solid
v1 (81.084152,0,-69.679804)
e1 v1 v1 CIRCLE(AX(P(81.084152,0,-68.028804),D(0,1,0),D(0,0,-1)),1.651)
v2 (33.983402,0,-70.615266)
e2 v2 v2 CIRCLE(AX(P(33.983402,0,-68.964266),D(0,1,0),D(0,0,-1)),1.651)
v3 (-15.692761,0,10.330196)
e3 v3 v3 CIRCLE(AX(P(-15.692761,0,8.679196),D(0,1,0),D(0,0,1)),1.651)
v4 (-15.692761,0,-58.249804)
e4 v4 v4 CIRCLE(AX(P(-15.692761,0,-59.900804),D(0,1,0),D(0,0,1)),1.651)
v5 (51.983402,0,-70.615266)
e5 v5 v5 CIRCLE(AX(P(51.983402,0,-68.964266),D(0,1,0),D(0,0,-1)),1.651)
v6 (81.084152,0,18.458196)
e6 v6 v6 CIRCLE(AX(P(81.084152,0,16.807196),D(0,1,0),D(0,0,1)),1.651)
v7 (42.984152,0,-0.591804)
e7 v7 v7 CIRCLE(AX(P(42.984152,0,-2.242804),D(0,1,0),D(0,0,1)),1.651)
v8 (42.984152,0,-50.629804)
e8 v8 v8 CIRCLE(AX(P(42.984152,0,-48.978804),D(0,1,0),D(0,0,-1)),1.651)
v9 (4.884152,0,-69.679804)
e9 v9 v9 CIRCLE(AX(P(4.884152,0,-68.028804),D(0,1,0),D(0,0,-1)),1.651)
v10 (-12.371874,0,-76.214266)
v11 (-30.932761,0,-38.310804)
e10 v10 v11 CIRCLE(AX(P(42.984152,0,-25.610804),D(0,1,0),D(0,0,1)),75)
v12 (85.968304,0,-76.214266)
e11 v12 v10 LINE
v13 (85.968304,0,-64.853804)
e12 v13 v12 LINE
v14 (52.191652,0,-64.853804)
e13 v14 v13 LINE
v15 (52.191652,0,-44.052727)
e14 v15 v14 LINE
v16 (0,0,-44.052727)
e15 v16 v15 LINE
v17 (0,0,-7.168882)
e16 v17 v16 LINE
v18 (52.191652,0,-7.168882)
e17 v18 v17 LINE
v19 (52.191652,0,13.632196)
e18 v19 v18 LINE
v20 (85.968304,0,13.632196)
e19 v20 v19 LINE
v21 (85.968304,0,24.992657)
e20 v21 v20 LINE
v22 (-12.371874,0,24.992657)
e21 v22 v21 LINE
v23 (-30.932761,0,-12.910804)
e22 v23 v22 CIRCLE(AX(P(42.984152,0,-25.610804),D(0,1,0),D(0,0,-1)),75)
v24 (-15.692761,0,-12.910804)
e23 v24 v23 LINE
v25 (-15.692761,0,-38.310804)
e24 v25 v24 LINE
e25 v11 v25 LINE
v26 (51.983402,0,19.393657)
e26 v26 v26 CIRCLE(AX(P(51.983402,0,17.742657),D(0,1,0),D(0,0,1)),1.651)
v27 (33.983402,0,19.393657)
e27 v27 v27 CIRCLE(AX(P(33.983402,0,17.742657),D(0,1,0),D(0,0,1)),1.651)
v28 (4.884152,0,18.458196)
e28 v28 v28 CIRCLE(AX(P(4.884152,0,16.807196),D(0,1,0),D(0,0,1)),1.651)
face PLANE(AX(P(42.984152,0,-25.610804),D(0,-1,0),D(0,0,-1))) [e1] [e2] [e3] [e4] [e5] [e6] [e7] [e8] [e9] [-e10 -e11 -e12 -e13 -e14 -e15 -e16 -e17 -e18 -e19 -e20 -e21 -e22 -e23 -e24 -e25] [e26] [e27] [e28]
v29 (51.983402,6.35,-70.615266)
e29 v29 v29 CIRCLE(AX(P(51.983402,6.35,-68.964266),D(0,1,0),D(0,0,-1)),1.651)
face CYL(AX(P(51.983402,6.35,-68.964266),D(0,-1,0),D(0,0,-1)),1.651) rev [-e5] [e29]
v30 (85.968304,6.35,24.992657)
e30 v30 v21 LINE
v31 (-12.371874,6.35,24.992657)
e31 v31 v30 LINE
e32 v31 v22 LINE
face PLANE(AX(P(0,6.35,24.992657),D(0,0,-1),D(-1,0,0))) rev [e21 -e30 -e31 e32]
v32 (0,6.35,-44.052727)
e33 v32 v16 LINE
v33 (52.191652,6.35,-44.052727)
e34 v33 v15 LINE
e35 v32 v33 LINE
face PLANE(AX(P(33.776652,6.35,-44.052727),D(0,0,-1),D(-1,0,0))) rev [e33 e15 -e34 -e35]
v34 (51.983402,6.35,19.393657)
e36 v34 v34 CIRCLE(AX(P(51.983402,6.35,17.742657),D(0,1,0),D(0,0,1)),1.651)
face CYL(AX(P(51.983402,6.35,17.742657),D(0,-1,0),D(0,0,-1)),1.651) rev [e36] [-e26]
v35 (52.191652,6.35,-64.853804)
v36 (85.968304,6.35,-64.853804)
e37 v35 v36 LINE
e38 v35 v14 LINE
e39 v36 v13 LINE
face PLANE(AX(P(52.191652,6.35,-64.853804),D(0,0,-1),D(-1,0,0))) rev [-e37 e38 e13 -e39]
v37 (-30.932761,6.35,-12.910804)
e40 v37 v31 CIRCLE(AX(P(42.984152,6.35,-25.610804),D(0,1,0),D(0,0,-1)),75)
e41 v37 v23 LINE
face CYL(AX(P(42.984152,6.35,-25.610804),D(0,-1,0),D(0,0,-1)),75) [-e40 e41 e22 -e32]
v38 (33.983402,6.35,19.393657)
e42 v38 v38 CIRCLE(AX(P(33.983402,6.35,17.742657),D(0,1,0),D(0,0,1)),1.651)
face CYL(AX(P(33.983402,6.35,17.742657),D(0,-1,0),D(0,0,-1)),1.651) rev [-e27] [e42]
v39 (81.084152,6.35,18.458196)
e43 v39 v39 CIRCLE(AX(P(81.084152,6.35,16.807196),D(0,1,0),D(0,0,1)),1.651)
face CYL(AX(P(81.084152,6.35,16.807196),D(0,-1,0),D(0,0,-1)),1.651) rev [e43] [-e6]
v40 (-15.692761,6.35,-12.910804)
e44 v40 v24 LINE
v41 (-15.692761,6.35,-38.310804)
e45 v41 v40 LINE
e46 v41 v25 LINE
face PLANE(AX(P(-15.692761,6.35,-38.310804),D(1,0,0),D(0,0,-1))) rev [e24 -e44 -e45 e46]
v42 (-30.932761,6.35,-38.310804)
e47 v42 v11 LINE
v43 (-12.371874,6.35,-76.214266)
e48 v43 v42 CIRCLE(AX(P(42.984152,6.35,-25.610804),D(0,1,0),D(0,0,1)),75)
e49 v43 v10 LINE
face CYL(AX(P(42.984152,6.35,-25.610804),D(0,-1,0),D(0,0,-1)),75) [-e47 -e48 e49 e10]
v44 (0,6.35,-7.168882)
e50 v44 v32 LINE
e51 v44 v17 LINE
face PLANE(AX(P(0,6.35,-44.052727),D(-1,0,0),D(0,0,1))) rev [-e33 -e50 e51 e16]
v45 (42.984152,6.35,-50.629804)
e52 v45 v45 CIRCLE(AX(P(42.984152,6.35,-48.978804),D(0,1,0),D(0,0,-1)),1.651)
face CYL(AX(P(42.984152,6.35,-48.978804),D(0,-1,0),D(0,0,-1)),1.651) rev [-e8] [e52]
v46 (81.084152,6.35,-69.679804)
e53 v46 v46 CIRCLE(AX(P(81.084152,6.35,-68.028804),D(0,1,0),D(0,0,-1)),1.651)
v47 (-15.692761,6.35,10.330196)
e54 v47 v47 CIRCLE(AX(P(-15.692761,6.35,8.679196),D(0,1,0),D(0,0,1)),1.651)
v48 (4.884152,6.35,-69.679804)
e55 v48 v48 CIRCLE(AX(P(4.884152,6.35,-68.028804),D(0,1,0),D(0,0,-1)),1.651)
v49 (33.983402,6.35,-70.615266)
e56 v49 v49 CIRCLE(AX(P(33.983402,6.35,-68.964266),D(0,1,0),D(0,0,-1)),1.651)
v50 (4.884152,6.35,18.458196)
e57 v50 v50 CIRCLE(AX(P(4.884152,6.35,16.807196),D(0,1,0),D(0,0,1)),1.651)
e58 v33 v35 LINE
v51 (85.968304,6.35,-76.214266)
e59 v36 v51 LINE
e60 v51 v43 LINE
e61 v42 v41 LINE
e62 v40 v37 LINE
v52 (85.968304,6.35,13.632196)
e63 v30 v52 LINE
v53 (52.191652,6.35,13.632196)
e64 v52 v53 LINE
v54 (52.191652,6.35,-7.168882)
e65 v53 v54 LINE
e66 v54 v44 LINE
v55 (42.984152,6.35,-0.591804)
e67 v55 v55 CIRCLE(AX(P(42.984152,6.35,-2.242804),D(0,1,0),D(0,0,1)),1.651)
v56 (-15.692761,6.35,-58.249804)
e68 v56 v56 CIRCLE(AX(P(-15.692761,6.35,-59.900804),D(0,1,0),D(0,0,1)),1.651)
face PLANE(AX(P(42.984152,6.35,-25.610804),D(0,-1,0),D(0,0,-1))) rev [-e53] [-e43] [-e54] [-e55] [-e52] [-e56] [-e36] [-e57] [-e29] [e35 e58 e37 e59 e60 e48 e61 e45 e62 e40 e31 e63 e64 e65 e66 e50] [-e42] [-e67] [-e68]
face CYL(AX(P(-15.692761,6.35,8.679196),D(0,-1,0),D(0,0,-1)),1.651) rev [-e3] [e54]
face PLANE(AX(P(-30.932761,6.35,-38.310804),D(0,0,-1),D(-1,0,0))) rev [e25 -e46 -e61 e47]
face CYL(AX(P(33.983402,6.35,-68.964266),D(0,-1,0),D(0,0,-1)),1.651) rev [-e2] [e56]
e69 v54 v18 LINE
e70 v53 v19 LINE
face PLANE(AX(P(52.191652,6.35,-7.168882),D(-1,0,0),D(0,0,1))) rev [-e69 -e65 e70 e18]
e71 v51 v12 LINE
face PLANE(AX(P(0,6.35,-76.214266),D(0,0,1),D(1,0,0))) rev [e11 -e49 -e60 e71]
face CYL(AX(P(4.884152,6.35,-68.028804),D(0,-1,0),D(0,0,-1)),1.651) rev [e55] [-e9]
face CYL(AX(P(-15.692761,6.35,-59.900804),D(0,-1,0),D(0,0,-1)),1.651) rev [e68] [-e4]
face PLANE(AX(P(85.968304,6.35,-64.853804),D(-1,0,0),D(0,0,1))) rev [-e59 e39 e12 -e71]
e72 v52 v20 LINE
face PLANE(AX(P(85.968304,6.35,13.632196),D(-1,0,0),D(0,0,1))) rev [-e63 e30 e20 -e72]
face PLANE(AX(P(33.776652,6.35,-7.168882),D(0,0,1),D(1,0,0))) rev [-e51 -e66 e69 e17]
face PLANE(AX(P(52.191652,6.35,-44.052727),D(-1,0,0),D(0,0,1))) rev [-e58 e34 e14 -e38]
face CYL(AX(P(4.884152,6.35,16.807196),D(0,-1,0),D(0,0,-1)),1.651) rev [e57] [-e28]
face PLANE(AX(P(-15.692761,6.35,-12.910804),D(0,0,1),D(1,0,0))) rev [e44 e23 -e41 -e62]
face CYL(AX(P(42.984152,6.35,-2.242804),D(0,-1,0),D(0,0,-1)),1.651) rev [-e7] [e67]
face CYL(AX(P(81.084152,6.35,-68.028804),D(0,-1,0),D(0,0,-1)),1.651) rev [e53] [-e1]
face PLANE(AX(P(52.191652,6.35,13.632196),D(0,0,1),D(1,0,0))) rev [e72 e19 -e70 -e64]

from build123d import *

# Parameters (mm, degrees)
SKETCH1_R           = 1.651
BOSS_EXTRUDE1_DEPTH = 6.35


with BuildPart() as part:
    # Sketch1 → Boss-Extrude1 (new body)
    with BuildSketch(Plane(origin=(0, 0, 0), x_dir=(1, 0, 0), z_dir=(0, 1, 0))):
        with BuildLine():
            Line((33.776652136, 7.168881649), (0, 7.168881649))
            Line((0, 7.168881649), (0, 44.052727236))
            Line((0, 44.052727236), (33.776652136, 44.052727236))
            Line((33.776652136, 44.052727236), (52.191652136, 44.052727236))
            Line((52.191652136, 44.052727236), (52.191652136, 64.853804442))
            Line((52.191652136, 64.853804442), (85.968304273, 64.853804442))
            Line((85.968304273, 64.853804442), (85.968304273, 76.214266248))
            Line((85.968304273, 76.214266248), (0, 76.214266248))
            Line((0, 76.214266248), (-12.371874213, 76.214266248))
            ThreePointArc((-12.371874213, 76.214266248), (-24.373410945, 58.595023332), (-30.932760678, 38.310804442))
            Line((-30.932760678, 38.310804442), (-15.692760678, 38.310804442))
            Line((-15.692760678, 38.310804442), (-15.692760678, 12.910804442))
            Line((-15.692760678, 12.910804442), (-30.932760678, 12.910804442))
            ThreePointArc((-30.932760678, 12.910804442), (-24.373410945, -7.373414447), (-12.371874213, -24.992657364))
            Line((-12.371874213, -24.992657364), (0, -24.992657364))
            Line((0, -24.992657364), (85.968304273, -24.992657364))
            Line((85.968304273, -24.992657364), (85.968304273, -13.632195558))
            Line((85.968304273, -13.632195558), (52.191652136, -13.632195558))
            Line((52.191652136, -13.632195558), (52.191652136, 7.168881649))
            Line((52.191652136, 7.168881649), (33.776652136, 7.168881649))
        make_face()
        with Locations(Location((4.884152136, -16.807195558, 0), (0, 0, 270))):
            Circle(SKETCH1_R, mode=Mode.SUBTRACT)
        with Locations(Location((81.084152136, -16.807195558, 0), (0, 0, 270))):
            Circle(SKETCH1_R, mode=Mode.SUBTRACT)
        with Locations(Location((42.984152136, 2.242804442, 0), (0, 0, 270))):
            Circle(SKETCH1_R, mode=Mode.SUBTRACT)
        with Locations(Location((33.983402136, -17.742657364, 0), (0, 0, 270))):
            Circle(SKETCH1_R, mode=Mode.SUBTRACT)
        with Locations(Location((51.983402136, -17.742657364, 0), (0, 0, 270))):
            Circle(SKETCH1_R, mode=Mode.SUBTRACT)
        with Locations(Location((51.983402136, 68.964266248, 0), (0, 0, 90))):
            Circle(SKETCH1_R, mode=Mode.SUBTRACT)
        with Locations(Location((33.983402136, 68.964266248, 0), (0, 0, 90))):
            Circle(SKETCH1_R, mode=Mode.SUBTRACT)
        with Locations(Location((42.984152136, 48.978804442, 0), (0, 0, 90))):
            Circle(SKETCH1_R, mode=Mode.SUBTRACT)
        with Locations(Location((81.084152136, 68.028804442, 0), (0, 0, 90))):
            Circle(SKETCH1_R, mode=Mode.SUBTRACT)
        with Locations(Location((4.884152136, 68.028804442, 0), (0, 0, 90))):
            Circle(SKETCH1_R, mode=Mode.SUBTRACT)
        with Locations(Location((-15.692760678, 59.900804442, 0), (0, 0, 270))):
            Circle(SKETCH1_R, mode=Mode.SUBTRACT)
        with Locations(Location((-15.692760678, -8.679195558, 0), (0, 0, 270))):
            Circle(SKETCH1_R, mode=Mode.SUBTRACT)
    extrude(amount=BOSS_EXTRUDE1_DEPTH)


solid = part.part
